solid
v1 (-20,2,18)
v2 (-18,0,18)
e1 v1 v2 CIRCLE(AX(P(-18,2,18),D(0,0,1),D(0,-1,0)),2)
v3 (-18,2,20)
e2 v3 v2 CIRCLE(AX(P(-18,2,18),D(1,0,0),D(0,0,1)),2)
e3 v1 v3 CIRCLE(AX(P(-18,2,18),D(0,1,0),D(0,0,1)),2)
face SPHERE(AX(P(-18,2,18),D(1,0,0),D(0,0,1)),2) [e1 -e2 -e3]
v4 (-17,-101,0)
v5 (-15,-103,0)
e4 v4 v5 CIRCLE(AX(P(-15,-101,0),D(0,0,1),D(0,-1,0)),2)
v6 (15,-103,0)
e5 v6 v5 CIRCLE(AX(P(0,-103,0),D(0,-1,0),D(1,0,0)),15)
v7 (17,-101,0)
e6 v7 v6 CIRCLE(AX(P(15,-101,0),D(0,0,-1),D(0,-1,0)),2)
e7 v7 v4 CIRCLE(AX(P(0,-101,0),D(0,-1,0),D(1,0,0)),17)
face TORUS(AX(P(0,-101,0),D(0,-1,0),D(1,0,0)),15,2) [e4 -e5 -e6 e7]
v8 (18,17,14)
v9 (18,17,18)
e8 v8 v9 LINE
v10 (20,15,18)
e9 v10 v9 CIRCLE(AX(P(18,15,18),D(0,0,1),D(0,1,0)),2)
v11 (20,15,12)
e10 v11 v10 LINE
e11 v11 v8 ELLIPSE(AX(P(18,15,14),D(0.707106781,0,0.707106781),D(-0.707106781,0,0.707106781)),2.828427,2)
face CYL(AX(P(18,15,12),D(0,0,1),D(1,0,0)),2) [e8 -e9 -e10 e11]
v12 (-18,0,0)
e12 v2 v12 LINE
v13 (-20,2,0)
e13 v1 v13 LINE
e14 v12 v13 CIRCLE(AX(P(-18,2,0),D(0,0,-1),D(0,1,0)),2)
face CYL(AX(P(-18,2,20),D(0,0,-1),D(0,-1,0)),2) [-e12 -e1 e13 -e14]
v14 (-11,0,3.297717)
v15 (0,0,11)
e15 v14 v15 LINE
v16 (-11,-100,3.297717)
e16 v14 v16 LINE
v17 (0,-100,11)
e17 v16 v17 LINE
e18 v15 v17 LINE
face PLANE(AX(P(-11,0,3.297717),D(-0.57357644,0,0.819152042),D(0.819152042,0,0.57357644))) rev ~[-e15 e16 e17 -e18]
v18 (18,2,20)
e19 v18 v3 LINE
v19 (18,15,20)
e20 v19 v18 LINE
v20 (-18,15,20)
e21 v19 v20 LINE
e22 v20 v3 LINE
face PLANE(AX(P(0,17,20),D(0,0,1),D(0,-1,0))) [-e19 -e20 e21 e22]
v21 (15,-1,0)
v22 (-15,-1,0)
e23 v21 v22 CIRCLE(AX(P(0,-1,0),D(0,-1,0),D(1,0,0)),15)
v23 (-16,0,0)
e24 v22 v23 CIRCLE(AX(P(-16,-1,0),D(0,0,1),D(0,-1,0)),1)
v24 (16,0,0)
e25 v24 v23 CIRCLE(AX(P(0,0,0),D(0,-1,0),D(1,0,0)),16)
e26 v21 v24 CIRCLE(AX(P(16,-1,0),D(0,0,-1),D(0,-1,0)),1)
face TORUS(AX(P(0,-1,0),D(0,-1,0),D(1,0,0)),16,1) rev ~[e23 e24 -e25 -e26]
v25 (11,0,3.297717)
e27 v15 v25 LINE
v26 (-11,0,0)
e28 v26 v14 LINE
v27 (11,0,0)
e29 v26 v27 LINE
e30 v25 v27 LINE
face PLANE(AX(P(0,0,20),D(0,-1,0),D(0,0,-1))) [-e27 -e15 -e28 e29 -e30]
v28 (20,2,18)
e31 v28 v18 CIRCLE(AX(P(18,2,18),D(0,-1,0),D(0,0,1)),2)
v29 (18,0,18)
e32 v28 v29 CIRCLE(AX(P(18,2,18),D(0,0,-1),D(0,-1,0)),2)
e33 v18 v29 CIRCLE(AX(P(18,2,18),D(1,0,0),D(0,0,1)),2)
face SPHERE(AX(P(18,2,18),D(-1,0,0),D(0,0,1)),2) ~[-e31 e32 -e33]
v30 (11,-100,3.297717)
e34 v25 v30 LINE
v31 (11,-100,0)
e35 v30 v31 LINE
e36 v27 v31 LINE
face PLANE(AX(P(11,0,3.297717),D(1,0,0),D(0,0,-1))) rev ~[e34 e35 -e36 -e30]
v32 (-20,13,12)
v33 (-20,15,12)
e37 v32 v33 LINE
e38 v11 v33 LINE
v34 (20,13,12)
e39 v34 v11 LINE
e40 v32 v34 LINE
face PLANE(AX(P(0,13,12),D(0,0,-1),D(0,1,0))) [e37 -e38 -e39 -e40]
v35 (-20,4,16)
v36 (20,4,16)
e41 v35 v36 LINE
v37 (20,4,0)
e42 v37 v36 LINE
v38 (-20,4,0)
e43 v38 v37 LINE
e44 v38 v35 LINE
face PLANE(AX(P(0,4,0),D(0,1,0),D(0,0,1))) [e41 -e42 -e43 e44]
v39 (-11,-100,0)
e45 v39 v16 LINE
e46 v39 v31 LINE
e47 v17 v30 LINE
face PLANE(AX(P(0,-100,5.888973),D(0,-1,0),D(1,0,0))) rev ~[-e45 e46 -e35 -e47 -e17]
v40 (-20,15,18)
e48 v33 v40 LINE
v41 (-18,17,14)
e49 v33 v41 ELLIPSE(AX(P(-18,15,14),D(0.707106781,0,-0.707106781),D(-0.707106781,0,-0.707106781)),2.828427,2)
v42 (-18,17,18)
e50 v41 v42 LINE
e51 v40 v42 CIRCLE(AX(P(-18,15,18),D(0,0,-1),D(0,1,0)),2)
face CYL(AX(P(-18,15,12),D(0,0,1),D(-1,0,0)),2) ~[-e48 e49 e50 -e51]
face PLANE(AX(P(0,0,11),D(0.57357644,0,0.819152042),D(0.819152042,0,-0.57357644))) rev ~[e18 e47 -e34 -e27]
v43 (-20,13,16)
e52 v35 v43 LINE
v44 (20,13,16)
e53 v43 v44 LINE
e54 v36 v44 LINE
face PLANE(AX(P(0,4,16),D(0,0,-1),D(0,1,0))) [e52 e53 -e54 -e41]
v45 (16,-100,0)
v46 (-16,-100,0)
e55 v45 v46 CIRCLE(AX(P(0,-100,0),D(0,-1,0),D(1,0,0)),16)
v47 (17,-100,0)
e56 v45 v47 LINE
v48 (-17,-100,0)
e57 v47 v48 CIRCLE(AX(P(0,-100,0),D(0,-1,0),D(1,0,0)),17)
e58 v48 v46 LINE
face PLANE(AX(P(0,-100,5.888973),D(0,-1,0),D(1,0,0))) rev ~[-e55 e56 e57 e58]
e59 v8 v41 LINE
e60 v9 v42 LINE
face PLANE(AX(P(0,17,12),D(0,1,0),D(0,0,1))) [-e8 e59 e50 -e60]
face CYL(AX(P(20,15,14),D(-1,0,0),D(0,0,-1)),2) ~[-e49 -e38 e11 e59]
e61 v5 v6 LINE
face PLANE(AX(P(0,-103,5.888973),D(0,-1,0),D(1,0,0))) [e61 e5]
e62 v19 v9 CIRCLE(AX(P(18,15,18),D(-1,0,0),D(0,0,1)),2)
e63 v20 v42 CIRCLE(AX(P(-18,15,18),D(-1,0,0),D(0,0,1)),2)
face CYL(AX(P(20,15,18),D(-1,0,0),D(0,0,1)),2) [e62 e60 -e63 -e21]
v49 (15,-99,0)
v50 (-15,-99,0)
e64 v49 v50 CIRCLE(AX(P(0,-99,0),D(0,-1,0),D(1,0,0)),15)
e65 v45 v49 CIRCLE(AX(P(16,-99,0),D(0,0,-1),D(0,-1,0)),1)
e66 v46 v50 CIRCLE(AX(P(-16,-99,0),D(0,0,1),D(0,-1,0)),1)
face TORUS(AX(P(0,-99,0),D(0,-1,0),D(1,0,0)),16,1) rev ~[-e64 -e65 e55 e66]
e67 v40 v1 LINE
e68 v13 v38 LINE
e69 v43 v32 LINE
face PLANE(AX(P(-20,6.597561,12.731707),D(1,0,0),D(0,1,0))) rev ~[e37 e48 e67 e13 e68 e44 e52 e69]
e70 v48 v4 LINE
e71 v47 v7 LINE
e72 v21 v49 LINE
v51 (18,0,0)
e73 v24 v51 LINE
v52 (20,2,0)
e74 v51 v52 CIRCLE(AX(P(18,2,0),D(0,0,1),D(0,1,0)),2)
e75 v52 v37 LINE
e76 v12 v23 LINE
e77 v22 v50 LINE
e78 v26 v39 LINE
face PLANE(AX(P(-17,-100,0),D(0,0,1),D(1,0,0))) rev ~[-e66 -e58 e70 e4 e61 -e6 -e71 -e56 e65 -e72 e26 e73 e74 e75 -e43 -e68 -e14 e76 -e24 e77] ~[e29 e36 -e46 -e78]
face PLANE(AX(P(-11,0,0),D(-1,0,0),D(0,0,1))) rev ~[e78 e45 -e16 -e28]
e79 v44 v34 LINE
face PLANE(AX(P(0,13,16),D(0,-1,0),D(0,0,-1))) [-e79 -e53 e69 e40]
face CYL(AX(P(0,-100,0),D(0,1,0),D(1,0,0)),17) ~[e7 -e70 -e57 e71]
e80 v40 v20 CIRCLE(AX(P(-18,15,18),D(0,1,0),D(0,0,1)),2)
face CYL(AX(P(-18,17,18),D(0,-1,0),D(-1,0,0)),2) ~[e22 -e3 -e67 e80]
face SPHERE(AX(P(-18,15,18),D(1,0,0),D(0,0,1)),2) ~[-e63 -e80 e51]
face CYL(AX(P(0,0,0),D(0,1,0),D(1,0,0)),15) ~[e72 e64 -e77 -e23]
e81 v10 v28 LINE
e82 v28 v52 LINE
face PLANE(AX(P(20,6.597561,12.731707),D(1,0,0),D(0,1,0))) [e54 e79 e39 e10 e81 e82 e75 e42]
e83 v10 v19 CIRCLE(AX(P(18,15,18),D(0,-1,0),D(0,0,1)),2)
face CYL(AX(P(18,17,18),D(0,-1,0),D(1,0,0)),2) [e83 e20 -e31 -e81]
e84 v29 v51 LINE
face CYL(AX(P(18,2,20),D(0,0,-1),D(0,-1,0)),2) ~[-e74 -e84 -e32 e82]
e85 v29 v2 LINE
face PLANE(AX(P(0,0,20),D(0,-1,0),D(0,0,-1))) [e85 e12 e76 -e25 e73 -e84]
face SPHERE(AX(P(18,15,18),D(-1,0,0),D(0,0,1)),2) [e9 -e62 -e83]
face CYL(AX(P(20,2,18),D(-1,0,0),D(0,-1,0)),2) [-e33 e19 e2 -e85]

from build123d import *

# Parameters (mm, degrees)
F1_DEPTH = 100
F3_DEPTH = 20
F5_DEPTH = 3
F6_R     = 2
F7_R     = 1


with BuildPart() as f1:
    # F0 (on Front) → F1 (new body)
    with BuildSketch(Plane.XZ):
        with BuildLine():
            ThreePointArc((15, 0), (0, 15), (-15, 0))
            Line((-15, 0), (-11, 0))
            Line((-11, 0), (-11, 3.297717))
            Line((-11, 3.297717), (0, 11))
            Line((0, 11), (11, 3.297717))
            Line((11, 3.297717), (11, 0))
            Line((11, 0), (15, 0))
        make_face()
    extrude(amount=F1_DEPTH)

    # F2 (on Right) → F3 (join, symmetric)
    with BuildSketch(Plane.YZ):
        Polygon((0, 20), (0, 0), (4, 0), (4, 16), (13, 16), (13, 12), (17, 12), (17, 20), align=None)
    extrude(amount=F3_DEPTH, both=True)

    # F4 (on face) → F5 (join)
    with BuildSketch(Plane.XZ.offset(100)):
        with BuildLine():
            ThreePointArc((17, 0), (0, 17), (-17, 0))
            Line((-17, 0), (17, 0))
        make_face()
    extrude(amount=F5_DEPTH)

    # F6
    f6_edges = [f1.edges().sort_by_distance(p)[0] for p in [
        (0, 17, 20),
        (0, 0, 20),
        (20, 8.5, 20),
        (-20, 8.5, 20),
        (0, 17, 12),
        (20, 0, 10),
        (-20, 0, 10),
        (-20, 17, 16),
        (20, 17, 16),
        (0, -103, 17),
    ]]
    fillet(f6_edges, radius=F6_R)

    # F7
    f7_edges = [f1.edges().sort_by_distance(p)[0] for p in [
        (0, 0, 15),
        (0, -100, 15),
    ]]
    fillet(f7_edges, radius=F7_R)


solid = f1.part
